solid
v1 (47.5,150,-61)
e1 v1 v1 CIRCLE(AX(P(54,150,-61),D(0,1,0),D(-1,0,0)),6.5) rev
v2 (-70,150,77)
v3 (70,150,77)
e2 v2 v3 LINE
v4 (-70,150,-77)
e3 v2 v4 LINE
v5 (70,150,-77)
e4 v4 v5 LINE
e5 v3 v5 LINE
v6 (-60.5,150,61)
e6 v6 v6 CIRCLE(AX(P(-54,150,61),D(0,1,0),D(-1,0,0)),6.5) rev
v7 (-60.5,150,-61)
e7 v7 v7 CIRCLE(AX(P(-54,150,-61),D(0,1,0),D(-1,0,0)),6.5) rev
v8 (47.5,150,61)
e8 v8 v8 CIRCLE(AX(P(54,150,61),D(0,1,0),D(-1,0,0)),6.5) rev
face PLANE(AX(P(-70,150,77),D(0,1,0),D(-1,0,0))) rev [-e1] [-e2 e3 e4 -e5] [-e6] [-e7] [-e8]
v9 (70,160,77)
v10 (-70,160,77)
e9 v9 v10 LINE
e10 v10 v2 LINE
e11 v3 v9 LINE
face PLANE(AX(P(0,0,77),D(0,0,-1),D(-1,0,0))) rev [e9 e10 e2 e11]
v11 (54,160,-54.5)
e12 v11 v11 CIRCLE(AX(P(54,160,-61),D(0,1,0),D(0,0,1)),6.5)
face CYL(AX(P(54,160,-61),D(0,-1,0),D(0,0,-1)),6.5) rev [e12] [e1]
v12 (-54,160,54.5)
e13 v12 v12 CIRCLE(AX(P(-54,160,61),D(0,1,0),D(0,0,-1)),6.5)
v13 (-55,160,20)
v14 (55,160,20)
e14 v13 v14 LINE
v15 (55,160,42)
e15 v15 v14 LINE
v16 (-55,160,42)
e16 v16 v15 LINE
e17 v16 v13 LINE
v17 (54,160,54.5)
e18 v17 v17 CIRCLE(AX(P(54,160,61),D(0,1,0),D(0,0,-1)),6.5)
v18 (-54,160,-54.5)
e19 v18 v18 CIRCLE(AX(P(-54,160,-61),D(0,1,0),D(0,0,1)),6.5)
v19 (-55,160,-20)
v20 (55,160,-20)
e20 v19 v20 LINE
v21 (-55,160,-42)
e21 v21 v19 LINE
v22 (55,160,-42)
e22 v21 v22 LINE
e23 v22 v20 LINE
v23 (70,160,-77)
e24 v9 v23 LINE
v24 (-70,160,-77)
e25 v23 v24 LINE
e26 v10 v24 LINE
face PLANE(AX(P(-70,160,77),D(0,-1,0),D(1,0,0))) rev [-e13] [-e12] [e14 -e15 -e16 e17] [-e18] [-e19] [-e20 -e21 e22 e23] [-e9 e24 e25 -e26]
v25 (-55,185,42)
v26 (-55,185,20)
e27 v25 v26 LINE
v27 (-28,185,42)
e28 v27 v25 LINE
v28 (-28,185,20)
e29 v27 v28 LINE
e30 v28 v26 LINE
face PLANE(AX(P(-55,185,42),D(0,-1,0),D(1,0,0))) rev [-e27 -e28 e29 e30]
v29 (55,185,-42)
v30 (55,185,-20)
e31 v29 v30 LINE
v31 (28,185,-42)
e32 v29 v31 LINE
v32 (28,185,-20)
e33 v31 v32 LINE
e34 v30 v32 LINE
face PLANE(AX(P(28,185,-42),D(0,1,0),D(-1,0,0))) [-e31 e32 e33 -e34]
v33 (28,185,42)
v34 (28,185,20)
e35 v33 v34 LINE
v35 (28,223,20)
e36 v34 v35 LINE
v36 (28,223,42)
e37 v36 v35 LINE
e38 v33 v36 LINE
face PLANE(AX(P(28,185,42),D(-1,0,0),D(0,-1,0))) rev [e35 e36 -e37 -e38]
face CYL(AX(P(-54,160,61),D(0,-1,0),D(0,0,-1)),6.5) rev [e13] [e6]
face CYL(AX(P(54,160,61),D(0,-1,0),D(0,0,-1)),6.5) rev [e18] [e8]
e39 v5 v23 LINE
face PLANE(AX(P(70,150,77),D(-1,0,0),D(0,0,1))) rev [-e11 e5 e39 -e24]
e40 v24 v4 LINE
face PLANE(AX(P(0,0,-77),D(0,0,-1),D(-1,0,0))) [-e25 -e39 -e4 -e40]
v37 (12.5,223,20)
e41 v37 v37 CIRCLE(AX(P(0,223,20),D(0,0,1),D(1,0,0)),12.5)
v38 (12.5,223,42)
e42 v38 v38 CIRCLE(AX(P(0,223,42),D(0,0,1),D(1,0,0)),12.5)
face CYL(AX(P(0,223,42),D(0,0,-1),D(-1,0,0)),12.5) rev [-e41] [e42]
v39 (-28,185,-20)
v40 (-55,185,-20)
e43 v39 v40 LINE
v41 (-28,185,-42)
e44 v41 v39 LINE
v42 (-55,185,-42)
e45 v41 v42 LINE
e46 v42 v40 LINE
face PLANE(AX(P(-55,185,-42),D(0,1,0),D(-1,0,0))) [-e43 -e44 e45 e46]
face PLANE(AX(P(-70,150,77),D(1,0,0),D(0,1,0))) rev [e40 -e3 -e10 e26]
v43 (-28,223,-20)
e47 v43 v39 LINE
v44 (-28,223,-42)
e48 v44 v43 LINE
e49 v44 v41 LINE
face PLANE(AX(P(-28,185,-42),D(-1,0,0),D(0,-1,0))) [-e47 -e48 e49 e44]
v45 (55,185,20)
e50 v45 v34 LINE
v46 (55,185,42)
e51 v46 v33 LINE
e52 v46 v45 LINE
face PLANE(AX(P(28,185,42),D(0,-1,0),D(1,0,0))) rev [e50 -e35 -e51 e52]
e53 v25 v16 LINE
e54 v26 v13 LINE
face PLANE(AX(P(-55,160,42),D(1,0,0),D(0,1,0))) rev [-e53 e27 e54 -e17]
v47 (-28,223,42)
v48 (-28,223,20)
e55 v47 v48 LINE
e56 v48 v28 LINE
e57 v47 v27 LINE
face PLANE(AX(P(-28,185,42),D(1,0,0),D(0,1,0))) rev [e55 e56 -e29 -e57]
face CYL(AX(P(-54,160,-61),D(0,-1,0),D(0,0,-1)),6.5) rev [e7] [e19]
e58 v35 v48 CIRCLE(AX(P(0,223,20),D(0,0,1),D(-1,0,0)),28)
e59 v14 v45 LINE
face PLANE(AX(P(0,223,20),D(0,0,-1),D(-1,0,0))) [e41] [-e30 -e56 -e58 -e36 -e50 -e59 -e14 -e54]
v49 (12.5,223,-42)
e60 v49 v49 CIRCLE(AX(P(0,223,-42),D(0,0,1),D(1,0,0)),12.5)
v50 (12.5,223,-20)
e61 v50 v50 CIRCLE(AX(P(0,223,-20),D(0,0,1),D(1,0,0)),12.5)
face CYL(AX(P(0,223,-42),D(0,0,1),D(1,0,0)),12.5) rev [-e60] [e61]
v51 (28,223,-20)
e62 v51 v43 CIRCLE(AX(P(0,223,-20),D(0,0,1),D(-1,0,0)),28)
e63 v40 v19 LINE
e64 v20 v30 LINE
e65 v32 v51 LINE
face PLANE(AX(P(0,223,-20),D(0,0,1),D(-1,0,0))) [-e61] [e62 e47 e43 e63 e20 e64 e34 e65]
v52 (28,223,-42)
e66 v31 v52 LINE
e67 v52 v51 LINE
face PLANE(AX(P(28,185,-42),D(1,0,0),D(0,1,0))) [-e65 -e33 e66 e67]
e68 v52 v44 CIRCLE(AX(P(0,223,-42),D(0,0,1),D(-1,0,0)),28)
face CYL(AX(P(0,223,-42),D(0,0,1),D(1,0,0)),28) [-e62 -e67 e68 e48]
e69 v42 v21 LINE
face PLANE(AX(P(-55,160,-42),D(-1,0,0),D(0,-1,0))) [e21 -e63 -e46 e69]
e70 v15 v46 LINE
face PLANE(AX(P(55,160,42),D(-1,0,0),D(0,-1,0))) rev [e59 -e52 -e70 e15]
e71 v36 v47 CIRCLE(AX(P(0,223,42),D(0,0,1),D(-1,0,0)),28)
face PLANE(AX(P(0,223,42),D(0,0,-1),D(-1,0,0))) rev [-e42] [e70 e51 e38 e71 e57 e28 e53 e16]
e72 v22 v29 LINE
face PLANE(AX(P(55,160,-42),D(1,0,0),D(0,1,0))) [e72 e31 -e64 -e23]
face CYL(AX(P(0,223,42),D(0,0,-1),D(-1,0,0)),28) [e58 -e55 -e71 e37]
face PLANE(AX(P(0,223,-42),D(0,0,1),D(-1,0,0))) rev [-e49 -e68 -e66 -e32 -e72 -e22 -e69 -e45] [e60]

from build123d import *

# Parameters (mm, degrees)
SKETCH8_W                       = 140
SKETCH8_H                       = 10
BOSS_EXTRUDE6_DEPTH             = 77
BOSS_EXTRUDE6_2_DEPTH           = 77
SKETCH9_R                       = 6.5
CUT_EXTRUDE3_POS_1_2_DEPTH      = 160
CUT_EXTRUDE3_POS_1_2_DEPTH_BACK = 160
SKETCH3_R                       = 12.5
BOSS_EXTRUDE2_POS_1_2_DEPTH     = 22
SKETCH16_W                      = 251.646803711
SKETCH16_H                      = 83.728976974
CUT_EXTRUDE4_DEPTH              = 58
CUT_EXTRUDE4_DEPTH_BACK         = 98


with BuildPart() as part:
    # Sketch8 → Boss-Extrude6 (new body, symmetric)
    with BuildSketch(Plane.XY):
        with Locations((0, 155)):
            Rectangle(SKETCH8_W, SKETCH8_H)
    extrude(amount=BOSS_EXTRUDE6_DEPTH, both=True)


with BuildPart() as body_2:
    # Sketch8 → Boss-Extrude6 2 (new body, symmetric)
    with BuildSketch(Plane.XY):
        with Locations((0, -5)):
            Rectangle(SKETCH8_W, SKETCH8_H)
    extrude(amount=BOSS_EXTRUDE6_2_DEPTH, both=True)


with BuildPart() as cut_extrude3_pos_1_2_tool:
    # Sketch9 → Cut-Extrude3 _pos 1_2 (new body, two sides)
    with BuildSketch(Plane(origin=(0, 0, 0), x_dir=(1, 0, 0), z_dir=(0, 1, 0))) as cut_extrude3_pos_1_2_sk:
        with Locations((54, 61)):
            Circle(SKETCH9_R)
        with Locations((-54, 61)):
            Circle(SKETCH9_R)
        with Locations((-54, -61)):
            Circle(SKETCH9_R)
        with Locations((54, -61)):
            Circle(SKETCH9_R)
    extrude(amount=CUT_EXTRUDE3_POS_1_2_DEPTH)
    extrude(cut_extrude3_pos_1_2_sk.sketch, amount=-CUT_EXTRUDE3_POS_1_2_DEPTH_BACK)


with BuildPart() as part_1:
    add(part.part)

    # Cut-Extrude3 _pos 1_2: cut by cut_extrude3_pos_1_2_tool
    add(cut_extrude3_pos_1_2_tool.part, mode=Mode.SUBTRACT)

    # Sketch3 → Boss-Extrude2 _pos 1_2 (add)
    with BuildSketch(Plane.XY.offset(20)):
        with BuildLine():
            Line((55, 160), (55, 185))
            Line((55, 185), (28, 185))
            Line((28, 185), (28, 223))
            ThreePointArc((28, 223), (0, 251), (-28, 223))
            Line((-28, 223), (-28, 185))
            Line((-28, 185), (-55, 185))
            Line((-55, 185), (-55, 160))
            Line((-55, 160), (55, 160))
        make_face()
        with Locations((0, 223)):
            Circle(SKETCH3_R, mode=Mode.SUBTRACT)
    boss_extrude2_pos_1_2 = extrude(amount=BOSS_EXTRUDE2_POS_1_2_DEPTH)

    # Mirror4: Boss-Extrude2 _pos 1_2 across plane
    add(boss_extrude2_pos_1_2.mirror(Plane.XY))


with BuildPart() as body_2_1:
    add(body_2.part)

    # Cut-Extrude3 _pos 1_2: cut by cut_extrude3_pos_1_2_tool
    add(cut_extrude3_pos_1_2_tool.part, mode=Mode.SUBTRACT)

    # Sketch16 → Cut-Extrude4 (cut, two sides)
    with BuildSketch(Plane.XY.offset(20)) as cut_extrude4_sk:
        with Locations((-3.761561591, 8.391166305)):
            Rectangle(SKETCH16_W, SKETCH16_H)
    extrude(amount=CUT_EXTRUDE4_DEPTH, mode=Mode.SUBTRACT)
    extrude(cut_extrude4_sk.sketch, amount=-CUT_EXTRUDE4_DEPTH_BACK, mode=Mode.SUBTRACT)


solid = part_1.part
